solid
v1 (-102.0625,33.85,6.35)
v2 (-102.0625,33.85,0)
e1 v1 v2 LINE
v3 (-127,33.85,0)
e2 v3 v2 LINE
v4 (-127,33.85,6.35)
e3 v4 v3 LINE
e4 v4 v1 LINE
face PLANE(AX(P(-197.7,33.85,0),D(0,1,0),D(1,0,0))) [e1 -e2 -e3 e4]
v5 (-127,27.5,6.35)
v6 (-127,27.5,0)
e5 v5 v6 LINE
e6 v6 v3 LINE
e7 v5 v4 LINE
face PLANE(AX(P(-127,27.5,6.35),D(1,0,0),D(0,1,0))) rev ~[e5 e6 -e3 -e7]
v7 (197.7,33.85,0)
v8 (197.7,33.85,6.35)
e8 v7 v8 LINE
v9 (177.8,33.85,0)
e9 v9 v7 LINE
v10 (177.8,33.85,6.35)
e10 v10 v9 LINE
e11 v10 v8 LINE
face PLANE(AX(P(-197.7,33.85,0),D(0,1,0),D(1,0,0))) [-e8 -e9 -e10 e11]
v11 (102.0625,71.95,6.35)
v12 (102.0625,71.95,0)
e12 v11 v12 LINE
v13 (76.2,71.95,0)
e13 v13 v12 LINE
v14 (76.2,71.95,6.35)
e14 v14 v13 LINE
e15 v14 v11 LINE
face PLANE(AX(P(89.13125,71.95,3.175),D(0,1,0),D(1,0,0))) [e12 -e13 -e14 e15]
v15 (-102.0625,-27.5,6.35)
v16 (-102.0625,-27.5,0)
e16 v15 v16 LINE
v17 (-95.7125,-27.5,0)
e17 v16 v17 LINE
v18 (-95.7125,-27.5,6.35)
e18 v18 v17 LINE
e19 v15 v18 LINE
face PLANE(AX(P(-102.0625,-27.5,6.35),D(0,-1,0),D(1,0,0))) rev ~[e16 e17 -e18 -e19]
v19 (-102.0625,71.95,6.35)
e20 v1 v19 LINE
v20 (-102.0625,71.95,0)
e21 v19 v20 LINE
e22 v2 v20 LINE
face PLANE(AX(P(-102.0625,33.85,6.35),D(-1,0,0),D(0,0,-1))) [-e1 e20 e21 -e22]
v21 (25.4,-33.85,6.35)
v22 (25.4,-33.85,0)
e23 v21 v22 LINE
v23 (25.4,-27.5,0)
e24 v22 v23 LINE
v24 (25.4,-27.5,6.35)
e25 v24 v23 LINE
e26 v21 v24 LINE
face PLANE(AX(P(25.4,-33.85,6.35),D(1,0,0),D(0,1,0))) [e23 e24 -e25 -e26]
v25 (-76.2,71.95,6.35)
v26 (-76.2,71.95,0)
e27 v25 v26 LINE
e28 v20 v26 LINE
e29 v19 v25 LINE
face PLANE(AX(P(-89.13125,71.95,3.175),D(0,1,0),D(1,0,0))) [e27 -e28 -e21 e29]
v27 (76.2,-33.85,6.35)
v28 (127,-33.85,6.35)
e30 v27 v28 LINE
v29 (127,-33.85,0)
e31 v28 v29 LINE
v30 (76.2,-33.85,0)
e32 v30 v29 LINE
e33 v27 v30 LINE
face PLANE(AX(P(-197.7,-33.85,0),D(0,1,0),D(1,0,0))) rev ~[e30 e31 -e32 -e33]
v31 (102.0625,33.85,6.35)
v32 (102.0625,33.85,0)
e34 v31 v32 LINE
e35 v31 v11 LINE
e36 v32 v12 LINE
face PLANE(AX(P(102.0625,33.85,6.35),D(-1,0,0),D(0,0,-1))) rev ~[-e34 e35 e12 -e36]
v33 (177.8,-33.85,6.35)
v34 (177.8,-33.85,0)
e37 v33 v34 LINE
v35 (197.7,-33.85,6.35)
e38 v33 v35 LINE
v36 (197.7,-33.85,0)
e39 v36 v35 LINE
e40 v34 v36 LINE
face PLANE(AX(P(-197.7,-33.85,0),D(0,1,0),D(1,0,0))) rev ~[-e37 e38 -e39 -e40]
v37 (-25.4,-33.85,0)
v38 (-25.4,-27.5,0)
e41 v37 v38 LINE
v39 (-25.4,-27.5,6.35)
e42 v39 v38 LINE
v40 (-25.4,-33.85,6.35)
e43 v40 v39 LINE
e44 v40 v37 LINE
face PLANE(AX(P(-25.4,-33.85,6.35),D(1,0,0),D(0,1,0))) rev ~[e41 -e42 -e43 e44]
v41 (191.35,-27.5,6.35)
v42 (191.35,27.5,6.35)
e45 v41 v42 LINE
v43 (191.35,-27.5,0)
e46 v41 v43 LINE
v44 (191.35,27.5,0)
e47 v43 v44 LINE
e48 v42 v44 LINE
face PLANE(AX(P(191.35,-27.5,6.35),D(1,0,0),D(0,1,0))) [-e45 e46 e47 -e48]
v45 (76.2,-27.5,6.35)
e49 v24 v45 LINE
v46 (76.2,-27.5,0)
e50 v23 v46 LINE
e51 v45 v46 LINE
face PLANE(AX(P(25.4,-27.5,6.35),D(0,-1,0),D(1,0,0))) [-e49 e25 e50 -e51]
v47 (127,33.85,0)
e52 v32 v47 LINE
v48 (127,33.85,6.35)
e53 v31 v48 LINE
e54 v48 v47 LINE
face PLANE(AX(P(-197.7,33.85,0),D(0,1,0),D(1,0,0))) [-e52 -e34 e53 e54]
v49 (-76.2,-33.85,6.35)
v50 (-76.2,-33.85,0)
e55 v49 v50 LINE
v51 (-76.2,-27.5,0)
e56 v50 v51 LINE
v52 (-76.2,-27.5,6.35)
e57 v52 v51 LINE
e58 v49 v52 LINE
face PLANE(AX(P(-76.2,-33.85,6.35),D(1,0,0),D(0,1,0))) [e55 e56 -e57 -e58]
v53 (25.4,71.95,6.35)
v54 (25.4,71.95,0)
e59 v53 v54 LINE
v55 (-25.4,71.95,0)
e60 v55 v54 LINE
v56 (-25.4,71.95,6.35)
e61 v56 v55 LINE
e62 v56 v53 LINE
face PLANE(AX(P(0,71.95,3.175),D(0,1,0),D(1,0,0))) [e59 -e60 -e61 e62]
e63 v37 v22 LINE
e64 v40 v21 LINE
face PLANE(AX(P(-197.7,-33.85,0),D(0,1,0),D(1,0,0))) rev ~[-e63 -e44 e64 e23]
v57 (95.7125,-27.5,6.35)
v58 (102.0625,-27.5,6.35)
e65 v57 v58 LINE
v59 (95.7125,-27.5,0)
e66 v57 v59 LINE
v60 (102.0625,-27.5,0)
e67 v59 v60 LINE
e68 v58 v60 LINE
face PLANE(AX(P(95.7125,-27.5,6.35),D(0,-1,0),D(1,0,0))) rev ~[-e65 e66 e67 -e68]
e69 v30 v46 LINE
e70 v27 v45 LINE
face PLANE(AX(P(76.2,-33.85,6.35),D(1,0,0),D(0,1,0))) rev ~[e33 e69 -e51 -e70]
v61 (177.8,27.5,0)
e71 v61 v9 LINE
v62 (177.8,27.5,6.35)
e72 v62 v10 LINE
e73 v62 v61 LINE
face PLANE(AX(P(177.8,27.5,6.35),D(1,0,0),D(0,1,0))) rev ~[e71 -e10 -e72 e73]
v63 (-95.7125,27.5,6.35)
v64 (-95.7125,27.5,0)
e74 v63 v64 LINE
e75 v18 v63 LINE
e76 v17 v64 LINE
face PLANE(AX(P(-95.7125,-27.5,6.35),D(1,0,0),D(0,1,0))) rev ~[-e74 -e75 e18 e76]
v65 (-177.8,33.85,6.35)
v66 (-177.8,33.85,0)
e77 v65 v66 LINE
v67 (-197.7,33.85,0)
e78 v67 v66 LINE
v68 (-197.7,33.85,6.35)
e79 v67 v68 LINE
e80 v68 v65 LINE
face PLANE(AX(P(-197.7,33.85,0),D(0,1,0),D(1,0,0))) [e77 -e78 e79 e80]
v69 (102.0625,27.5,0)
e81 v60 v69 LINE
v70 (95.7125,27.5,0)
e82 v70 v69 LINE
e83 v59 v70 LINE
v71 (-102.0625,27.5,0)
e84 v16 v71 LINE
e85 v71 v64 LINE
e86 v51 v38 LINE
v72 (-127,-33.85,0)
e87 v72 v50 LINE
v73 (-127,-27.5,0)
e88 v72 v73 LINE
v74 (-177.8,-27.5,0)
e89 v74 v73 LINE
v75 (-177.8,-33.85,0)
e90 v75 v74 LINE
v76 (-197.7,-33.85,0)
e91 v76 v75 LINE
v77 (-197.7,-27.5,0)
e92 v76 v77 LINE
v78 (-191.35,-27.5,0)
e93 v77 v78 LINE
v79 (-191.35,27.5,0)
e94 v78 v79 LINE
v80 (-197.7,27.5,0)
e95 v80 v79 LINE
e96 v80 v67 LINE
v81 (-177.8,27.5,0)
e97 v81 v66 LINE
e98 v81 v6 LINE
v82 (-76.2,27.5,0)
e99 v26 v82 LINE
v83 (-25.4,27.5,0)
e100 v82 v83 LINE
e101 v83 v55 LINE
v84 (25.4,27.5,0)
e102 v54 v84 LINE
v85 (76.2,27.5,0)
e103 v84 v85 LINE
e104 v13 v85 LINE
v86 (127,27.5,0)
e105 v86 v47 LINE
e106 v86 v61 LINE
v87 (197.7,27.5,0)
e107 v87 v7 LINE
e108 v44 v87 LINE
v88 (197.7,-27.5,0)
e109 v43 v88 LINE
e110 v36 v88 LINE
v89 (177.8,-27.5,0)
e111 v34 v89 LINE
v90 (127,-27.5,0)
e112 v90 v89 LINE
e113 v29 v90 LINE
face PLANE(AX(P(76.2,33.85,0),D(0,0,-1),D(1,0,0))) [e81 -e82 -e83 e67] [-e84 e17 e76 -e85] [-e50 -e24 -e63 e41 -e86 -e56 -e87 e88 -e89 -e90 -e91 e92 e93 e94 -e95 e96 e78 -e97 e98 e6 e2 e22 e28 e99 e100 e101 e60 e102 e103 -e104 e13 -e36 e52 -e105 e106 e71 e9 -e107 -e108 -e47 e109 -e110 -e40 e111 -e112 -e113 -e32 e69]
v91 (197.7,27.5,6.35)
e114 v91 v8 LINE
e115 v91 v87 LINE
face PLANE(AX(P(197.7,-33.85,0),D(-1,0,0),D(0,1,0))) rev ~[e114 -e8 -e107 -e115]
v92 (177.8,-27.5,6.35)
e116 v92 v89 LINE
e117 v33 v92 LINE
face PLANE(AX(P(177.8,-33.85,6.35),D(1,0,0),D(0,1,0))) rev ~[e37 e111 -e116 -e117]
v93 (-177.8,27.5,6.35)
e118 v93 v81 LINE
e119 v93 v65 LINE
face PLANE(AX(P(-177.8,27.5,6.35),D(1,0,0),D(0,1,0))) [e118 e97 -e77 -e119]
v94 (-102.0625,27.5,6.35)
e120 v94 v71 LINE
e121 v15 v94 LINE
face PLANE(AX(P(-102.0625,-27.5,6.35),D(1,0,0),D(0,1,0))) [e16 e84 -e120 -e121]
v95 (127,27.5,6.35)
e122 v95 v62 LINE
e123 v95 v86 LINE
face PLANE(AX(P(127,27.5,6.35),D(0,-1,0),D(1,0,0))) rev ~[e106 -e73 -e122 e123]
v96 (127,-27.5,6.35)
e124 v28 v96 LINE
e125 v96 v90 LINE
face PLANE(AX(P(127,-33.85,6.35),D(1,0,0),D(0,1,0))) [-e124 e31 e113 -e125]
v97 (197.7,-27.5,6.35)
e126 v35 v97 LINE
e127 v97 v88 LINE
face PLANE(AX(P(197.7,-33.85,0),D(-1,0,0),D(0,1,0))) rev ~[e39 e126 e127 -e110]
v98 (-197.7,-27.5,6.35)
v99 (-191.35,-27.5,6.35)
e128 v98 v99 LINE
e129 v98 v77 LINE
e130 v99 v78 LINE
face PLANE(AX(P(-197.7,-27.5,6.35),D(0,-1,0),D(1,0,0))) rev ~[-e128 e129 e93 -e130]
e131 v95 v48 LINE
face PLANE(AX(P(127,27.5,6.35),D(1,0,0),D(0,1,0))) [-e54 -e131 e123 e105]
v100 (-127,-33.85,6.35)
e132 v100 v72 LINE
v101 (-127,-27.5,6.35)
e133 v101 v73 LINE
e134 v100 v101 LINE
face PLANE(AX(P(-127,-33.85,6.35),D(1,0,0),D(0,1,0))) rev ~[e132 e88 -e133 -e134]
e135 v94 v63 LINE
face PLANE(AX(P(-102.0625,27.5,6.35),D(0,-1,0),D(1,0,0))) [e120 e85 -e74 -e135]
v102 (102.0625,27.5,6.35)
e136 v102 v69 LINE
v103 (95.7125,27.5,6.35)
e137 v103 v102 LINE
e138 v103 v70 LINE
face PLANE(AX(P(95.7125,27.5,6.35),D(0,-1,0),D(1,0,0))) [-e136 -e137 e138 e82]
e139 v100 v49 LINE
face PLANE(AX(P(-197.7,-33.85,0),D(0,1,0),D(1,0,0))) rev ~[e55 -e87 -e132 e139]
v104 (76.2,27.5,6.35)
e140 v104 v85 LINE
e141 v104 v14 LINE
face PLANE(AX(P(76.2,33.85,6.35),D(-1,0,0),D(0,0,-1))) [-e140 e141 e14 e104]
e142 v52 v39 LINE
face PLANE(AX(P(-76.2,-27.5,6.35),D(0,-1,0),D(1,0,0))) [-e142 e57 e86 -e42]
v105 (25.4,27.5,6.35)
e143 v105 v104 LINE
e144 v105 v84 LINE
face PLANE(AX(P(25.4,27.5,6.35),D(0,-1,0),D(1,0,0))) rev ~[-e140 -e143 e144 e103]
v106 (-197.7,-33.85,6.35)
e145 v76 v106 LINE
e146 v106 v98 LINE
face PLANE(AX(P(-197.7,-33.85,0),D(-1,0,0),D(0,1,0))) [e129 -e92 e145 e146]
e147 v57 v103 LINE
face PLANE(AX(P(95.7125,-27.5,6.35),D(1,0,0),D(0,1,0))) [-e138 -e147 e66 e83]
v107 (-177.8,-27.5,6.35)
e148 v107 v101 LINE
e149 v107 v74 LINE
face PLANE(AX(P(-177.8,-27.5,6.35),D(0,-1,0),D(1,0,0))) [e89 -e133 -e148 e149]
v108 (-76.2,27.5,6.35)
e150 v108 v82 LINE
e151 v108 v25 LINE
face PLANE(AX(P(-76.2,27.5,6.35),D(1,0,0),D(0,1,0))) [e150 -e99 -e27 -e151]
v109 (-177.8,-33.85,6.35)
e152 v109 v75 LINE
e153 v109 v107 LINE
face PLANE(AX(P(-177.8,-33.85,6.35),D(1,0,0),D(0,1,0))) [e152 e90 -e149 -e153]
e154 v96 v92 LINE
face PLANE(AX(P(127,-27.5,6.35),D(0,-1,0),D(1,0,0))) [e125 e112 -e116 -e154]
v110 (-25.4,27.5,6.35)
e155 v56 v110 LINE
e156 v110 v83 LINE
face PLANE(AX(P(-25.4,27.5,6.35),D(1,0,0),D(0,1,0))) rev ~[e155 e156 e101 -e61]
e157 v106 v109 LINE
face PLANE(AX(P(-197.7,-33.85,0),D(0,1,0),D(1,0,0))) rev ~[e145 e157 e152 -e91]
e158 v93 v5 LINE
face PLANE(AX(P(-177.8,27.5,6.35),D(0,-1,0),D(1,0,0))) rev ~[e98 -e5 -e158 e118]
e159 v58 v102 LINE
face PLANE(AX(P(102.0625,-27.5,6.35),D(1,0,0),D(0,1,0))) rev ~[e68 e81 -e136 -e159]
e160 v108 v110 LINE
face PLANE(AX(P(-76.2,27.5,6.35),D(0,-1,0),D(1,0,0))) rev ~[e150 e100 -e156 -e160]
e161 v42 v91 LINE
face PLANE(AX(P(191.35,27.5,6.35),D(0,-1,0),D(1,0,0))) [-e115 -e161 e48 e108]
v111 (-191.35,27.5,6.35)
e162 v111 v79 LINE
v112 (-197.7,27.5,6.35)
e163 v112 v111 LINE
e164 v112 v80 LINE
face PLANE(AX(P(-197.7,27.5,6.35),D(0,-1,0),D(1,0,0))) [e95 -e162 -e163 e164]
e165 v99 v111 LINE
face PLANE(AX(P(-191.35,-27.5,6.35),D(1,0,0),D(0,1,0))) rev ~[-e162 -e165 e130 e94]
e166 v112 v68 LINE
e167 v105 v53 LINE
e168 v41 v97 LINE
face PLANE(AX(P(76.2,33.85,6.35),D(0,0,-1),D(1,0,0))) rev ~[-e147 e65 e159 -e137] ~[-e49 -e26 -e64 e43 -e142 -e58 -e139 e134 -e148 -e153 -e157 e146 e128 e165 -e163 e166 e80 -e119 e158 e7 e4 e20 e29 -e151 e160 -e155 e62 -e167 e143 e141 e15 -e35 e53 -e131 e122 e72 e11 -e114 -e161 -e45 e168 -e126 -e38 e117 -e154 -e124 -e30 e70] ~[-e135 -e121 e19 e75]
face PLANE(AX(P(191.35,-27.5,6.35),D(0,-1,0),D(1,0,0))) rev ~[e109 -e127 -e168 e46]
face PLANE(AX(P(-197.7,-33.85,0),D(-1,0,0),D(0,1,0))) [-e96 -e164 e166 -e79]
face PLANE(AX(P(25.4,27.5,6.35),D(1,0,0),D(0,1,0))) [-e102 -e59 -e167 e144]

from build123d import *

# Parameters (mm, degrees)
SKETCH1_W           = 395.4
SKETCH1_H           = 67.700000012
BOSS_EXTRUDE1_DEPTH = 6.35
SKETCH2_W           = 50.8
SKETCH2_H           = 6.35
SKETCH2_W_2         = 6.35
SKETCH2_H_2         = 55.000000012
CUT_EXTRUDE1_DEPTH  = 201.677440188
SKETCH5_W           = 6.35
SKETCH5_H           = 55.000000012
CUT_EXTRUDE2_DEPTH  = 201.677440188
SKETCH6_W           = 25.8625
SKETCH6_H           = 6.35
SKETCH6_W_2         = 50.8
BOSS_EXTRUDE2_DEPTH = 38.1


with BuildPart() as part:
    # Sketch1 → Boss-Extrude1 (new body)
    with BuildSketch(Plane.XY):
        Rectangle(SKETCH1_W, SKETCH1_H)
    extrude(amount=BOSS_EXTRUDE1_DEPTH)

    # Sketch2 → Cut-Extrude1 (cut, through all)
    with BuildSketch(Plane.XY.offset(6.35)):
        with Locations((-152.4, -30.675000006)):
            Rectangle(SKETCH2_W, SKETCH2_H)
        with Locations((-152.4, 30.675000006)):
            Rectangle(SKETCH2_W, SKETCH2_H)
        with Locations((-50.8, 30.675000006)):
            Rectangle(SKETCH2_W, SKETCH2_H)
        with Locations((-50.8, -30.675000006)):
            Rectangle(SKETCH2_W, SKETCH2_H)
        with Locations((50.8, -30.675000006)):
            Rectangle(SKETCH2_W, SKETCH2_H)
        with Locations((50.8, 30.675000006)):
            Rectangle(SKETCH2_W, SKETCH2_H)
        with Locations((152.4, 30.675000006)):
            Rectangle(SKETCH2_W, SKETCH2_H)
        with Locations((152.4, -30.675000006)):
            Rectangle(SKETCH2_W, SKETCH2_H)
        with Locations((-98.8875, 0)):
            Rectangle(SKETCH2_W_2, SKETCH2_H_2)
        with Locations((98.8875, 0)):
            Rectangle(SKETCH2_W_2, SKETCH2_H_2)
    extrude(amount=-CUT_EXTRUDE1_DEPTH, mode=Mode.SUBTRACT)

    # Sketch5 → Cut-Extrude2 (cut, through all)
    with BuildSketch(Plane.XY.offset(6.35)):
        with Locations((-194.525, 0)):
            Rectangle(SKETCH5_W, SKETCH5_H)
        with Locations((194.525, 0)):
            Rectangle(SKETCH5_W, SKETCH5_H)
    extrude(amount=-CUT_EXTRUDE2_DEPTH, mode=Mode.SUBTRACT)

    # Sketch6 → Boss-Extrude2 (add)
    with BuildSketch(Plane(origin=(0, 33.850000006, 0), x_dir=(1, 0, 0), z_dir=(0, 1, 0))):
        with Locations((89.13125, -3.175)):
            Rectangle(SKETCH6_W, SKETCH6_H)
        with Locations((0, -3.175)):
            Rectangle(SKETCH6_W_2, SKETCH6_H)
        with Locations((-89.13125, -3.175)):
            Rectangle(SKETCH6_W, SKETCH6_H)
    extrude(amount=BOSS_EXTRUDE2_DEPTH)


solid = part.part
